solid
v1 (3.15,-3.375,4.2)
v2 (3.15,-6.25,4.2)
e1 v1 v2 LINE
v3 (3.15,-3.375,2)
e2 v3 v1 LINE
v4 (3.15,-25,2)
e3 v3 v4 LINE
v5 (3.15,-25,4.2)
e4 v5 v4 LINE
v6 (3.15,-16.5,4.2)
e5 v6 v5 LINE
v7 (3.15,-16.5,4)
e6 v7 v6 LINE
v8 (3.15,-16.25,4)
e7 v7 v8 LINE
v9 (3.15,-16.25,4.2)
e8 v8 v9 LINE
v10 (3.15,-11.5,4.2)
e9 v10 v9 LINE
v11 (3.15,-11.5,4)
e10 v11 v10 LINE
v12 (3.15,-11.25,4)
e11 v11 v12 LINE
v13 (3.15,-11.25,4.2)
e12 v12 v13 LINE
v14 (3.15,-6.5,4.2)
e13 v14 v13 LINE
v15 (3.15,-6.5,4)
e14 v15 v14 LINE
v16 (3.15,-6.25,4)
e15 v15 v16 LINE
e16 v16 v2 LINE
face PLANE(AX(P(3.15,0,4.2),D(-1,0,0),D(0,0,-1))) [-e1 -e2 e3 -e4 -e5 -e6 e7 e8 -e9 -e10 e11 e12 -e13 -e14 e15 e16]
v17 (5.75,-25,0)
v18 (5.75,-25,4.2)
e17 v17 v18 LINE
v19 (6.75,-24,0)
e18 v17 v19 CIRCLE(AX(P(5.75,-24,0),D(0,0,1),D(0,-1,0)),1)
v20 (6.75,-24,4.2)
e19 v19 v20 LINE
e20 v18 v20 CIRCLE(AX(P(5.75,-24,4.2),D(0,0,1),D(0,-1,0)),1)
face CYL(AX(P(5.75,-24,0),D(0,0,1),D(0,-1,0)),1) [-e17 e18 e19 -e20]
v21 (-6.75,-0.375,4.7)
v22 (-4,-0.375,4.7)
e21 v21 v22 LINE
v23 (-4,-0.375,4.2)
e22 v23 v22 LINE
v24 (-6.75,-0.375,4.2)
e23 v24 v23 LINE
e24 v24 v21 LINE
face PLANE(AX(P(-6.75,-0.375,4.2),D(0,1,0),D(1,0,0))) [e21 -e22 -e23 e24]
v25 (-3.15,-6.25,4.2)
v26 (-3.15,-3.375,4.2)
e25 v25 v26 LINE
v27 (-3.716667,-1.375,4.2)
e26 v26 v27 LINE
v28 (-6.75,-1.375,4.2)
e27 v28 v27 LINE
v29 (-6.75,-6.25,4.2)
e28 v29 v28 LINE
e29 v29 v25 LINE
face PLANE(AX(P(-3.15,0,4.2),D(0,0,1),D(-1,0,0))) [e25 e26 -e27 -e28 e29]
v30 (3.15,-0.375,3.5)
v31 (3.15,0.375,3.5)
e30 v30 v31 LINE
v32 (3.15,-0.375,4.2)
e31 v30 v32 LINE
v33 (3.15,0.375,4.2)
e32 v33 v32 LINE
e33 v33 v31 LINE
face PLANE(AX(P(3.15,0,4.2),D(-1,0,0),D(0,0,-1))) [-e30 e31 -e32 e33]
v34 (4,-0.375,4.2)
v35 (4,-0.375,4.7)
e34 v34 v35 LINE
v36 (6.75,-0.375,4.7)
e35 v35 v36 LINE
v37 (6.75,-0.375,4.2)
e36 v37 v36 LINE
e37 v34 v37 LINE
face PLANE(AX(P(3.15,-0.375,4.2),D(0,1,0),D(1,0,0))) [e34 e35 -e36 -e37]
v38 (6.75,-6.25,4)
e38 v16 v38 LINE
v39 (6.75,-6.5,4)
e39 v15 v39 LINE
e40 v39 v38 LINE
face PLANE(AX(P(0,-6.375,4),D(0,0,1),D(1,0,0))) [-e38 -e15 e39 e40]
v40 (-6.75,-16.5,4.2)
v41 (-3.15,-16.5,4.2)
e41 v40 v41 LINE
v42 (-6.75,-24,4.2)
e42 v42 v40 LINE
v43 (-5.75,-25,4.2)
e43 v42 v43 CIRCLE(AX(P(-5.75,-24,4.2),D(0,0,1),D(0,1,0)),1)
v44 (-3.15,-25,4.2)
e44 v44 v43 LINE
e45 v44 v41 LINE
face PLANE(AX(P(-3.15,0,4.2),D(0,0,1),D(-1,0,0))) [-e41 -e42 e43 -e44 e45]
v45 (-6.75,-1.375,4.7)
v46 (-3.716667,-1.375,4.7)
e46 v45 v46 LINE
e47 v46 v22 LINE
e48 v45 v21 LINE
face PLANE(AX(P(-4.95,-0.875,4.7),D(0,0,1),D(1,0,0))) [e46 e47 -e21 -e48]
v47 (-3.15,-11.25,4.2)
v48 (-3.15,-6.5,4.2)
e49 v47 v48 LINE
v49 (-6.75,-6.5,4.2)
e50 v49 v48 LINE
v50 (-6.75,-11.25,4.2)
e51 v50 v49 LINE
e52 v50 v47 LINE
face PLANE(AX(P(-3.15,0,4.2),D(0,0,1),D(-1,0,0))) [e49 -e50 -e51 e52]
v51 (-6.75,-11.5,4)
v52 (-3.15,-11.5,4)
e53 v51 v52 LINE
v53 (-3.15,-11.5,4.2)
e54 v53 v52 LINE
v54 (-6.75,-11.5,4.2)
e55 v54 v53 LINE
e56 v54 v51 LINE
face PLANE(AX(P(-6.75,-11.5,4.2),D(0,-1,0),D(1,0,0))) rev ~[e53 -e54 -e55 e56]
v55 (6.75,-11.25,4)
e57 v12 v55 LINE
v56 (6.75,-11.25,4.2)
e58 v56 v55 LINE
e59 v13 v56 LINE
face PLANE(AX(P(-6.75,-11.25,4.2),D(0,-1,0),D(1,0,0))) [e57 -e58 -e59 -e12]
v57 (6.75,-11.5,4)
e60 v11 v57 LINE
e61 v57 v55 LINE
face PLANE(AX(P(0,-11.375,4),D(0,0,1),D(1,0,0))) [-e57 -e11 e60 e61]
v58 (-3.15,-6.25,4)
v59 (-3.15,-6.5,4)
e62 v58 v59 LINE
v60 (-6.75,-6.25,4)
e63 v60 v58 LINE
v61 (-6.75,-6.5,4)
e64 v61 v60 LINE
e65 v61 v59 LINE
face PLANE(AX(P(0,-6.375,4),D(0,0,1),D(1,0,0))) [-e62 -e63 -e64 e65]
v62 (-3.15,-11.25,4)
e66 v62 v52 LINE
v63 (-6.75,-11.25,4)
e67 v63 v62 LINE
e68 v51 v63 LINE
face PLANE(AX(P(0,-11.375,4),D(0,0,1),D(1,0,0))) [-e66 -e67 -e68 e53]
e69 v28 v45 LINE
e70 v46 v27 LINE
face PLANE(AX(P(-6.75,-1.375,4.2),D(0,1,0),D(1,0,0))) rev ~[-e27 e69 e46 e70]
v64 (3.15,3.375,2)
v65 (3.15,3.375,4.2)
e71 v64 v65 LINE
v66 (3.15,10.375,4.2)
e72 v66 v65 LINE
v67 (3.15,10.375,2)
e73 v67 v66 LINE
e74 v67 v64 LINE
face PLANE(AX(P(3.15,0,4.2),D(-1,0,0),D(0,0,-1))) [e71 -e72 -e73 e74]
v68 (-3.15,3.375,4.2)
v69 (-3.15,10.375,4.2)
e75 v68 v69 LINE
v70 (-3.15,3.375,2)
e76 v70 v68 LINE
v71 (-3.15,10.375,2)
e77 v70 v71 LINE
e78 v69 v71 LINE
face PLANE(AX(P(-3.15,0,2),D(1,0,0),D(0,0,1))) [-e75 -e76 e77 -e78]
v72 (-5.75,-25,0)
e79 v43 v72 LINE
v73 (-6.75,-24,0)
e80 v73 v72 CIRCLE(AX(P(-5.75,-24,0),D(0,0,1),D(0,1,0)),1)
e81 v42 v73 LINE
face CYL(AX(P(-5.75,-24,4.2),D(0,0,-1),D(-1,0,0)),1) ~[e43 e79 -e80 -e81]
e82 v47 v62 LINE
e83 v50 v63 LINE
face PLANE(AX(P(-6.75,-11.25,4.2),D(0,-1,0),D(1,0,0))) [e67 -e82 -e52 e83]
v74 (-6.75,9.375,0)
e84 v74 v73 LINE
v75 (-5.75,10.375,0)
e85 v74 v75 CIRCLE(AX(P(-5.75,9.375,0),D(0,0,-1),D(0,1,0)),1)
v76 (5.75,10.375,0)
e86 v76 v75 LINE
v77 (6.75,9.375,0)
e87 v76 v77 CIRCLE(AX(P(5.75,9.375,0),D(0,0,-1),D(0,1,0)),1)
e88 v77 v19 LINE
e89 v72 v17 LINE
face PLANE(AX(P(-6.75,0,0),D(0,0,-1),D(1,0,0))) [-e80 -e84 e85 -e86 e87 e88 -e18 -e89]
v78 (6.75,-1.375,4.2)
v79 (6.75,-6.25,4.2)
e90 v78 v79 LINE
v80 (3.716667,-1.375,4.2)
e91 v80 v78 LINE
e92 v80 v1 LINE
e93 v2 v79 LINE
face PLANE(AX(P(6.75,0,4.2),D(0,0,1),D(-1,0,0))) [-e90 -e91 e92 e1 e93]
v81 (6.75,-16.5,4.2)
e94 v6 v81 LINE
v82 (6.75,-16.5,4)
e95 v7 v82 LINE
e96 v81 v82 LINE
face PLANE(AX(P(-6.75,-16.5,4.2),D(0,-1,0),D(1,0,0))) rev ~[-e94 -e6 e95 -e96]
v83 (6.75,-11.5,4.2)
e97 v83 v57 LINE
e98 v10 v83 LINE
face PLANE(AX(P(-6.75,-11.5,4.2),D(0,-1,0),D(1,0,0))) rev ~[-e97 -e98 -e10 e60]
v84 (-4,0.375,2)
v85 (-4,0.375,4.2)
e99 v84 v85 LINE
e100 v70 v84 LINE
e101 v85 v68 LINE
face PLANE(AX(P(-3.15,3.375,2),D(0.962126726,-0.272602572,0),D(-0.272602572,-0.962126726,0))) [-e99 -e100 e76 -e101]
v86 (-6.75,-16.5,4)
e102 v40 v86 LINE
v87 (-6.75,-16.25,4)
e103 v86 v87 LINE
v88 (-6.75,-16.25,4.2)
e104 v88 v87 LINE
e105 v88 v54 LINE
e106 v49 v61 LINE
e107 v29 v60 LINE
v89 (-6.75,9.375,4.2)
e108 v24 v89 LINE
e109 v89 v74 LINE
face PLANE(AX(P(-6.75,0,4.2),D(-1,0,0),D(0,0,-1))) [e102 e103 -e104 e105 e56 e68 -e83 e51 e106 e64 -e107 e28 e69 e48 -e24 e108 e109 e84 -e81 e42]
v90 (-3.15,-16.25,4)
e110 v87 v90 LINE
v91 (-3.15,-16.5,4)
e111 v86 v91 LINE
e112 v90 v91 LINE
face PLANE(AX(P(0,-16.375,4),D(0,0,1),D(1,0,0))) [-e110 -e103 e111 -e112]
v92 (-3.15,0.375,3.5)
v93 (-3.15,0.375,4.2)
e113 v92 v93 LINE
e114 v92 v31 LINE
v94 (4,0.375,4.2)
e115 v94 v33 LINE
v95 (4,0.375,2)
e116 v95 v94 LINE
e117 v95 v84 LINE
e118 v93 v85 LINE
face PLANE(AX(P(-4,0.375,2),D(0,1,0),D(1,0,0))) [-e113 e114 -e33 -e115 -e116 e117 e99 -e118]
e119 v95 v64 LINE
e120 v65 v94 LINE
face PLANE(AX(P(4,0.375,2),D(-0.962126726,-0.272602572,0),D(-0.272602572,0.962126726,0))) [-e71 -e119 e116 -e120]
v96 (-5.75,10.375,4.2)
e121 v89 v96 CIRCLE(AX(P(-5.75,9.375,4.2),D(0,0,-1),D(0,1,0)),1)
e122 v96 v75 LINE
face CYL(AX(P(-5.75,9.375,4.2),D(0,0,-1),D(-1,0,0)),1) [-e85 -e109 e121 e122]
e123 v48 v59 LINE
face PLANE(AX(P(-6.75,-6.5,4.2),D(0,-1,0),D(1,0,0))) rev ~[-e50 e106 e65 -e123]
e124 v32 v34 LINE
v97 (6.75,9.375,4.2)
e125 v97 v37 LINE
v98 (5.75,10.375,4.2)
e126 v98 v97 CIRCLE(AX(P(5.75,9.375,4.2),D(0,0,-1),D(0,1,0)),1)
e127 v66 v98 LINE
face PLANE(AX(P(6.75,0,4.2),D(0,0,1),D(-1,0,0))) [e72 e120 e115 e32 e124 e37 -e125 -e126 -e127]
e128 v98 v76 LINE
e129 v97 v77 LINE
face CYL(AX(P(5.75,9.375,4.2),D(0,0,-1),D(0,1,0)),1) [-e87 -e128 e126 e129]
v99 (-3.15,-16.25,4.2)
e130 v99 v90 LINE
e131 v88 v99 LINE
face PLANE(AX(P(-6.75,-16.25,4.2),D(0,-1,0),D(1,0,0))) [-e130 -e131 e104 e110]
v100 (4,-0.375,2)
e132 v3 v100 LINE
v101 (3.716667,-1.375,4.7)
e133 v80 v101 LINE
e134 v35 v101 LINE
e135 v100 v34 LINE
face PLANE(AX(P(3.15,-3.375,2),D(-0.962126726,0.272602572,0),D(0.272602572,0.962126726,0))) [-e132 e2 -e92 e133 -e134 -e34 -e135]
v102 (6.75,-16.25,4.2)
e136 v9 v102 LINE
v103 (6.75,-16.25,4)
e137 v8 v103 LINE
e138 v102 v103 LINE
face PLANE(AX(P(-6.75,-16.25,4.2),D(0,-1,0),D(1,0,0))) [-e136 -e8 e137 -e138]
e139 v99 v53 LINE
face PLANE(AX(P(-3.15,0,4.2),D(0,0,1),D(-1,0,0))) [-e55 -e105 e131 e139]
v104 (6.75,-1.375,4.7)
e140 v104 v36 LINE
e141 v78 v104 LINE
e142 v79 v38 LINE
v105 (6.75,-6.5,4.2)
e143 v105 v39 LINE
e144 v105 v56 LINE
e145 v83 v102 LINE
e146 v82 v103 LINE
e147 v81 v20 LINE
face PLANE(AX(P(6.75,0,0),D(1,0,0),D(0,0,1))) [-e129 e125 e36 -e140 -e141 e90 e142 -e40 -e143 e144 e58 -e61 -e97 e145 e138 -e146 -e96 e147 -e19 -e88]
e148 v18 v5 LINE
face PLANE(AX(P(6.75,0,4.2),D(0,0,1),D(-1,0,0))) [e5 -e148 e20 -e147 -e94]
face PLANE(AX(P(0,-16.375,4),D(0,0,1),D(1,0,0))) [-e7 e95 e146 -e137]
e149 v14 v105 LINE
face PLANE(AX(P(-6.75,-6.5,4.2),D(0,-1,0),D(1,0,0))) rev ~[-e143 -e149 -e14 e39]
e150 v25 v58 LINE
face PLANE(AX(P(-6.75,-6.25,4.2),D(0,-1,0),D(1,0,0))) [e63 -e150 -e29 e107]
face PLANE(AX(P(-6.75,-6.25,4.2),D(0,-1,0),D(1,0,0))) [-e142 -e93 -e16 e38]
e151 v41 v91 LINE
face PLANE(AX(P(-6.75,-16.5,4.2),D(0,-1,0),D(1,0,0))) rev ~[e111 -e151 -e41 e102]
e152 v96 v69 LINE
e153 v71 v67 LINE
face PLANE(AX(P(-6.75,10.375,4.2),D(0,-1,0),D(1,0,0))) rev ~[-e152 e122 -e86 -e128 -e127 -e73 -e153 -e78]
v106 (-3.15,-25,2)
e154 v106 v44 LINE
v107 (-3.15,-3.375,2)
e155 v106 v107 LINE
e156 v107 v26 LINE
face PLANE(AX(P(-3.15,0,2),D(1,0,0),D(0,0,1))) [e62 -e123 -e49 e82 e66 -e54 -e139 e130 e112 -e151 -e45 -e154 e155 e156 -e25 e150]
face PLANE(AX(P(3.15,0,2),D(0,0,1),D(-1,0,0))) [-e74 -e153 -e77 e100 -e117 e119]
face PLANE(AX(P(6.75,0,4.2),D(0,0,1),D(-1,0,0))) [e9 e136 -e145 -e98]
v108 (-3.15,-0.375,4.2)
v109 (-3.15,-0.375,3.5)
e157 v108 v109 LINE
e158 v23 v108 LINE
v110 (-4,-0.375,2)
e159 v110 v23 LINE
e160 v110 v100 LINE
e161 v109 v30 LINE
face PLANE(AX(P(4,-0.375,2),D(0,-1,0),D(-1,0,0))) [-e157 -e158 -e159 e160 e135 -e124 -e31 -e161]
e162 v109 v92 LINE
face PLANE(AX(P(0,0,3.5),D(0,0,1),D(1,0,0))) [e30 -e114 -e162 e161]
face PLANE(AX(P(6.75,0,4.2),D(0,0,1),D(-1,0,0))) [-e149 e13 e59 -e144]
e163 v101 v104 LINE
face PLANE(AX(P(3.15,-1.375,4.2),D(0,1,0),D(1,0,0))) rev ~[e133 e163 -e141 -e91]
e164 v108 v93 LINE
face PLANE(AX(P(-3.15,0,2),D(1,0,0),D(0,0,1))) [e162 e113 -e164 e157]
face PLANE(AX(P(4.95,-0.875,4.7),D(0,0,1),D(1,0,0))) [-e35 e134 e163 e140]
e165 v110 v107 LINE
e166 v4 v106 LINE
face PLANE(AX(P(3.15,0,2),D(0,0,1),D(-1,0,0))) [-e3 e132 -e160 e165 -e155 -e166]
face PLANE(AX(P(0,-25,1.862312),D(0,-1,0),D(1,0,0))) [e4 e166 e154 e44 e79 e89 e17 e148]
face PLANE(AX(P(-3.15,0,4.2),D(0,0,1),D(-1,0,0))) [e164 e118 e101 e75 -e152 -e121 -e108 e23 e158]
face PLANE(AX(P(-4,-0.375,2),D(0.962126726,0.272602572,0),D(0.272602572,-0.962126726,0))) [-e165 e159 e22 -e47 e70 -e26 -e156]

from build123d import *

# Parameters (mm, degrees)
F1_DEPTH  = 25
F2_W      = 6.3
F2_H      = 0.75
F3_DEPTH  = 1.5
F4_W      = 3.6
F4_H      = 1
F5_DEPTH  = 0.5
F6_W      = 13.5
F6_H      = 0.25
F7_DEPTH  = 0.2
F8_W      = 13.5
F8_H      = 14.625
F9_DEPTH  = 4.201
F10_R     = 1
F12_DEPTH = 2.701


with BuildPart() as f1:
    # F0 (on Front) → F1 (new body, symmetric)
    with BuildSketch(Plane.XZ):
        Polygon((-6.75, 4.2), (-6.75, 0), (6.75, 0), (6.75, 4.2), (3.15, 4.2), (3.15, 2), (-3.15, 2), (-3.15, 4.2), align=None)
    extrude(amount=F1_DEPTH, both=True)

    # F2 (on face) → F3 (join)
    with BuildSketch(Plane.XY.offset(2)):
        Rectangle(F2_W, F2_H)
    extrude(amount=F3_DEPTH)

    # F4 (on face) → F5 (join)
    with BuildSketch(Plane.XY.offset(4.2)):
        with Locations((4.95, -0.875)):
            Rectangle(F4_W, F4_H)
        with Locations((-4.95, -0.875)):
            Rectangle(F4_W, F4_H)
    extrude(amount=F5_DEPTH)

    # F6 (on face) → F7 (cut)
    with BuildSketch(Plane.XY.offset(4.2)):
        with Locations((0, -6.375)):
            Rectangle(F6_W, F6_H)
        with Locations((0, -11.375)):
            Rectangle(F6_W, F6_H)
        with Locations((0, -16.375)):
            Rectangle(F6_W, F6_H)
    extrude(amount=-F7_DEPTH, mode=Mode.SUBTRACT)

    # F8 (on face) → F9 (cut, through all)
    with BuildSketch(Plane.XY.offset(4.2)):
        with Locations((0, 17.6875)):
            Rectangle(F8_W, F8_H)
    extrude(amount=-F9_DEPTH, mode=Mode.SUBTRACT)

    # F10
    f10_edges = [f1.edges().sort_by_distance(p)[0] for p in [
        (-6.75, 10.375, 2.1),
        (6.75, 10.375, 2.1),
        (-6.75, -25, 2.1),
        (6.75, -25, 2.1),
    ]]
    fillet(f10_edges, radius=F10_R)

    # F11 (on face) → F12 (cut, through all)
    with BuildSketch(Plane.XY.offset(2)):
        Polygon((4, -0.375), (-4, -0.375), (-3.15, -3.375), (3.15, -3.375), align=None)
        Polygon((-3.15, 3.375), (-4, 0.375), (4, 0.375), (3.15, 3.375), align=None)
    extrude(amount=F12_DEPTH, mode=Mode.SUBTRACT)


solid = f1.part
